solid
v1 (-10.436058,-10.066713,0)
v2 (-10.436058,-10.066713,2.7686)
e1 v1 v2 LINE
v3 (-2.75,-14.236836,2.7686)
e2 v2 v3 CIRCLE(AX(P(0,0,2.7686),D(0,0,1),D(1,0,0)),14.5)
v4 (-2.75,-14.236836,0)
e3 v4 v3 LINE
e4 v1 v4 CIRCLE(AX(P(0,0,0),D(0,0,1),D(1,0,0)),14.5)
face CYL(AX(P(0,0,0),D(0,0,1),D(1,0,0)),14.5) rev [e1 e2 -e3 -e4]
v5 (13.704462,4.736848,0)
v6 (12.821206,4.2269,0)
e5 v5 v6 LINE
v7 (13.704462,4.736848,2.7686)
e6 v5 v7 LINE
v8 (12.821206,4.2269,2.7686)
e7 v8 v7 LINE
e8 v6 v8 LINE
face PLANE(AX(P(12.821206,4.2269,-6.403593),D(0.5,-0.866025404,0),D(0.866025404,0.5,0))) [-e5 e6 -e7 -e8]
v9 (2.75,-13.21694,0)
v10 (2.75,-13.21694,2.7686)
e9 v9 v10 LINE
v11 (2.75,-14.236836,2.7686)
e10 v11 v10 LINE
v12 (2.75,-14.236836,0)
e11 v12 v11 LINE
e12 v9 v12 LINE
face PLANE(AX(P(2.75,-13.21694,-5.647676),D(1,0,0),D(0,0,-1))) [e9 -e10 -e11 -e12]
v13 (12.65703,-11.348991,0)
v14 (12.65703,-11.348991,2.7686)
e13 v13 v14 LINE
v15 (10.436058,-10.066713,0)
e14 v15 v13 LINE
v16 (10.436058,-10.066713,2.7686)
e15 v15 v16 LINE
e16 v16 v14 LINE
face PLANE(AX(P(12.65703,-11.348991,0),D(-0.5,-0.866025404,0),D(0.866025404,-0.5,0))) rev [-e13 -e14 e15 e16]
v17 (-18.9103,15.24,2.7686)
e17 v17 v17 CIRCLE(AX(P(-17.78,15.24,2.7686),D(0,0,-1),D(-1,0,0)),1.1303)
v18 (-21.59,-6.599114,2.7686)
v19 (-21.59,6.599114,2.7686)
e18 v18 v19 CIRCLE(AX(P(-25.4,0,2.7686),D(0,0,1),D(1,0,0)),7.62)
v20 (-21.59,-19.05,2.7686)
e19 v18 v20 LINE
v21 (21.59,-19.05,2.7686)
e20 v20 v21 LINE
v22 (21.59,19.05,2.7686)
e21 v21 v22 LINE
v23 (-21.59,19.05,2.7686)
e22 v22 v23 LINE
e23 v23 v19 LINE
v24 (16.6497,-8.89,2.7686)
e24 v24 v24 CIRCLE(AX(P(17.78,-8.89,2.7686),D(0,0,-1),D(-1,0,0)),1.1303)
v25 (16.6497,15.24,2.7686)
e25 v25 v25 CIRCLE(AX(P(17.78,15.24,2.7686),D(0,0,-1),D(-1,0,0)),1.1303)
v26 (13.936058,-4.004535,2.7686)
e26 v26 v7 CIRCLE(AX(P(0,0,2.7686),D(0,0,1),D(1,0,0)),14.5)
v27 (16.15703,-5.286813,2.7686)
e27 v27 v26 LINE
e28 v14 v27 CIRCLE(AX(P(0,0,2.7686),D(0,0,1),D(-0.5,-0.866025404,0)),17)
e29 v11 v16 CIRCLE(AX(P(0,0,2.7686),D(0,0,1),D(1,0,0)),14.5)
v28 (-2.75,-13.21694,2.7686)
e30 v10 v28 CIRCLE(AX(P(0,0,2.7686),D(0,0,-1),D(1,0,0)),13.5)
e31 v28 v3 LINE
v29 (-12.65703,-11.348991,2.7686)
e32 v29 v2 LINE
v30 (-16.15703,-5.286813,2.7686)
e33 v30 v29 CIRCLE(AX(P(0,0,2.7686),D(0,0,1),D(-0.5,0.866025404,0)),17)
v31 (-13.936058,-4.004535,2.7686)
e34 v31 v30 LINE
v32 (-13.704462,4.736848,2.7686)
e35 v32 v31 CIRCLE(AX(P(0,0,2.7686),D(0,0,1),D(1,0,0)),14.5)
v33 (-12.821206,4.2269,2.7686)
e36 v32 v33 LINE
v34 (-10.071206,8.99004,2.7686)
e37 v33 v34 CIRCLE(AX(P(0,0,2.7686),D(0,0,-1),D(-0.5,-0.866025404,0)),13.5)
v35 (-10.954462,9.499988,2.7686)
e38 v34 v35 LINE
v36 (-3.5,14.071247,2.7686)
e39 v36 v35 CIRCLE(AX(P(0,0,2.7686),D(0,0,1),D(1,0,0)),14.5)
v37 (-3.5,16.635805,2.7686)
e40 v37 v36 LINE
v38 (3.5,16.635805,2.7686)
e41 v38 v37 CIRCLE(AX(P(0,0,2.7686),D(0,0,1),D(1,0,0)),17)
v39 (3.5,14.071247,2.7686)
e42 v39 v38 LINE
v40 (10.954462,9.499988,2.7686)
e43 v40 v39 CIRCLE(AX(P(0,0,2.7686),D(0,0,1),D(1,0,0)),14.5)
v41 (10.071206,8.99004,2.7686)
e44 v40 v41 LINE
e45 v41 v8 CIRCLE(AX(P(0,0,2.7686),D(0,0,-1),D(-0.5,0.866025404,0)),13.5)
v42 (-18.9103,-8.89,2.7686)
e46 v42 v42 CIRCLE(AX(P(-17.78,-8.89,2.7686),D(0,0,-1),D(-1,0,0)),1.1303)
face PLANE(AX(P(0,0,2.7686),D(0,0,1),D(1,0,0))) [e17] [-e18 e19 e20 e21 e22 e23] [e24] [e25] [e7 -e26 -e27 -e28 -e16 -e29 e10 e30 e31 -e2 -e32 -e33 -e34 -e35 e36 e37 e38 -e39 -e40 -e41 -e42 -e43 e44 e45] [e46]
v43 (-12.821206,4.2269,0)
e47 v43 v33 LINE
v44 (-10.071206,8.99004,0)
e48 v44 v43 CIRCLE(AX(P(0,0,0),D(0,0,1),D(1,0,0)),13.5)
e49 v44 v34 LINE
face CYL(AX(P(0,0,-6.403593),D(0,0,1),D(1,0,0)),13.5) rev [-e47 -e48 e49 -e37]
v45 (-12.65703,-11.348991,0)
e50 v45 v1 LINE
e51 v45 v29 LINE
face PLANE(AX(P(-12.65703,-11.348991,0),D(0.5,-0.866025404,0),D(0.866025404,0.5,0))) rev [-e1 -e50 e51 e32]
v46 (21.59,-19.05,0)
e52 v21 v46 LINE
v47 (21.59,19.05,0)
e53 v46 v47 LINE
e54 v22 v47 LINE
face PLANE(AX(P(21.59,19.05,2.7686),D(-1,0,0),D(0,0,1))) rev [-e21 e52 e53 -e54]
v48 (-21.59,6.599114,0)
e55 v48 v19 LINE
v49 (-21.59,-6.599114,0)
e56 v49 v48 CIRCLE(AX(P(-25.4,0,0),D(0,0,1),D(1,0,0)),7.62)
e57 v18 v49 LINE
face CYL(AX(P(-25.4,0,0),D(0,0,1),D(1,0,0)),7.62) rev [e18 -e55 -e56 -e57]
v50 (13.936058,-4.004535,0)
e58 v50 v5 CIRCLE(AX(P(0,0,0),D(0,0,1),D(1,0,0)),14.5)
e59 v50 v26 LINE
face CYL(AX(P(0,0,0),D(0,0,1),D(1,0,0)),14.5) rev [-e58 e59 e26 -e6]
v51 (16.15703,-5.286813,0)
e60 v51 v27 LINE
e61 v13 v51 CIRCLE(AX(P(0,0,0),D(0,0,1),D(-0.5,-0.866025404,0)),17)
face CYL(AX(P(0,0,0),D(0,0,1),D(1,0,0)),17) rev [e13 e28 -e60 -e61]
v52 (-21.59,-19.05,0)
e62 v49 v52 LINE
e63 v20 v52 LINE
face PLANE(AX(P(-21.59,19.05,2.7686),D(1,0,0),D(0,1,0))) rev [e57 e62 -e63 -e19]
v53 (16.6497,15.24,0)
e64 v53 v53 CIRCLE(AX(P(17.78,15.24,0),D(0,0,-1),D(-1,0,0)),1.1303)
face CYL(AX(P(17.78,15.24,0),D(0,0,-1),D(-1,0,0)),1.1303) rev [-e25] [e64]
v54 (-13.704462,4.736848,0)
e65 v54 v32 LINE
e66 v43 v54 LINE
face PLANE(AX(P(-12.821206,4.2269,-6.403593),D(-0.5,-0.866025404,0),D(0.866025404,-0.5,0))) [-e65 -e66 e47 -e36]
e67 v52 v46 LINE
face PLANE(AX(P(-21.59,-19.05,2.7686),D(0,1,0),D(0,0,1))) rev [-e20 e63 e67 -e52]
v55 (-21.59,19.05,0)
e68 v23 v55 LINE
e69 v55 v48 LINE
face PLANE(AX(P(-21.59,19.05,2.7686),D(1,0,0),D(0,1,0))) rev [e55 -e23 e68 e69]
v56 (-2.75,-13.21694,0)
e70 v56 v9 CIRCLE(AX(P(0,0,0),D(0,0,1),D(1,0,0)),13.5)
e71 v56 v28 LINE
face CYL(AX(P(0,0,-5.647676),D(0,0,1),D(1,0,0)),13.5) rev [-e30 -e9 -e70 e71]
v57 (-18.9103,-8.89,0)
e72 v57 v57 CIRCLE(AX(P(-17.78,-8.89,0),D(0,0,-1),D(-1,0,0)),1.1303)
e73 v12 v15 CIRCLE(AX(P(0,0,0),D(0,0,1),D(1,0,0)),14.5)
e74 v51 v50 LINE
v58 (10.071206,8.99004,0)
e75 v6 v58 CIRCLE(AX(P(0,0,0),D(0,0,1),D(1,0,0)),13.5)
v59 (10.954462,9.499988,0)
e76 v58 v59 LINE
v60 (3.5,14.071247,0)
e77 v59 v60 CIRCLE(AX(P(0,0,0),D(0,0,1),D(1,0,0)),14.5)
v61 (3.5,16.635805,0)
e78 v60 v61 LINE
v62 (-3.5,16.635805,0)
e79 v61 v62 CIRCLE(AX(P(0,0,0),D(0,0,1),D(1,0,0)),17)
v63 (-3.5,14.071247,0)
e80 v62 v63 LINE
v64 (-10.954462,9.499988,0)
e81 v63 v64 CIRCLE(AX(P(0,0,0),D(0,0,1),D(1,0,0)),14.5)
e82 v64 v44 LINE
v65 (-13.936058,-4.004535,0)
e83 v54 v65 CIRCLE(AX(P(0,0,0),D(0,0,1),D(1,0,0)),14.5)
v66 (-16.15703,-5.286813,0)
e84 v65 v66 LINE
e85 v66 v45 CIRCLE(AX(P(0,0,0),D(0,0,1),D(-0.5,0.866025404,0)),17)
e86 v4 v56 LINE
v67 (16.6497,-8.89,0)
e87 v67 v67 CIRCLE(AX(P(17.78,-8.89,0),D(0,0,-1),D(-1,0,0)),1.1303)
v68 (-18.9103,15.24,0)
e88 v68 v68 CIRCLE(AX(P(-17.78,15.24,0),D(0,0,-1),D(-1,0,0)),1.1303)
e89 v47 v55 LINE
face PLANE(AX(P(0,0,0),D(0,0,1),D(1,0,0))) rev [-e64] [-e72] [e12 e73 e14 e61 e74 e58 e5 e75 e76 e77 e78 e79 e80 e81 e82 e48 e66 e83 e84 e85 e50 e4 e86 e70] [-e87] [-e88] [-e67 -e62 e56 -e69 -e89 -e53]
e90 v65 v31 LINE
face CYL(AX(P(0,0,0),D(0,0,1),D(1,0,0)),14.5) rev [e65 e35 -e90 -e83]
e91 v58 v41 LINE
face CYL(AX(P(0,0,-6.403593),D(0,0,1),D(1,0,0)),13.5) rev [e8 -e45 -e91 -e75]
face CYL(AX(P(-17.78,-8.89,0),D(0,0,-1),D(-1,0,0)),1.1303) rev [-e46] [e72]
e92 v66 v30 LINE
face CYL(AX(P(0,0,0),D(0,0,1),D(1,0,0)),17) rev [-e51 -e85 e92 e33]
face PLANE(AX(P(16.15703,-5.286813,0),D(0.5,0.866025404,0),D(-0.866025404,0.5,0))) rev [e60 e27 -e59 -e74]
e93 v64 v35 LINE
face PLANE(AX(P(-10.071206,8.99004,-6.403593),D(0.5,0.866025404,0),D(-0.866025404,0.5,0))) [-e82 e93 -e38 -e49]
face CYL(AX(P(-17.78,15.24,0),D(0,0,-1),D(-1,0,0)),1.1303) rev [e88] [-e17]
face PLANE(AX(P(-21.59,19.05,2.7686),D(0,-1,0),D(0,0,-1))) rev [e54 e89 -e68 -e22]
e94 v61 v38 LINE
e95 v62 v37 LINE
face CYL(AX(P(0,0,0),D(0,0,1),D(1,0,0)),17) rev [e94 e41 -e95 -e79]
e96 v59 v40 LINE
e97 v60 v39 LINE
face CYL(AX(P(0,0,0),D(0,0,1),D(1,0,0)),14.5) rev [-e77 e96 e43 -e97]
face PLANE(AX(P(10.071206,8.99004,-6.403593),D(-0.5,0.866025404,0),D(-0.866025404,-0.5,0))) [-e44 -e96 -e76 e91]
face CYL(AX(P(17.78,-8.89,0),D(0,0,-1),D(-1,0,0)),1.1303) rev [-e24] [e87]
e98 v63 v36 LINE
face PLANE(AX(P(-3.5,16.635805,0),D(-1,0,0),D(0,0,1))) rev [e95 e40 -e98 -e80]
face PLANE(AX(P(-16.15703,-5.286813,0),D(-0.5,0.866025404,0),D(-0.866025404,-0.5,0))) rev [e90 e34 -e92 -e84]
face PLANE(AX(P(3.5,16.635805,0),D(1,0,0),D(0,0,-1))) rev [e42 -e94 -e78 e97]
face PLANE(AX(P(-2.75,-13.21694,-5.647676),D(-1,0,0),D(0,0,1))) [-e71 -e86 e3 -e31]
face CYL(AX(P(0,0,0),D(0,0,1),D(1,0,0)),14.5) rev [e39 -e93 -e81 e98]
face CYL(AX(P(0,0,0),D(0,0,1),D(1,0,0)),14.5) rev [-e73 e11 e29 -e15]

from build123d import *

# Parameters (mm, degrees)
SKETCH1_W             = 43.18
SKETCH1_H             = 38.1
BOSS_EXTRUDE1_DEPTH   = 2.7686
SKETCH2_R             = 14.5
CUT_EXTRUDE1_DEPTH    = 29.925693526
CUT_EXTRUDE2_DEPTH    = 29.925693526
CIRPATTERN1_COUNT     = 3
BOSS_EXTRUDE2_DEPTH   = 2.7686
CIRPATTERN2_COUNT     = 3
SKETCH6_R             = 7.62
CUT_EXTRUDE4_DEPTH    = 29.925693526
F_4_40_TAPPED_HOLE1_D = 2.2606


with BuildPart() as part:
    # Sketch1 → Boss-Extrude1 (new body)
    with BuildSketch(Plane.XY):
        Rectangle(SKETCH1_W, SKETCH1_H)
    extrude(amount=BOSS_EXTRUDE1_DEPTH)

    # Sketch2 → Cut-Extrude1 (cut, through all)
    with BuildSketch(Plane.XY.offset(2.7686)):
        Circle(SKETCH2_R)
    extrude(amount=-CUT_EXTRUDE1_DEPTH, mode=Mode.SUBTRACT)

    # Sketch3 → Cut-Extrude2 (cut, through all)
    with BuildSketch(Plane.XY.offset(2.7686)):
        with BuildLine():
            Line((-3.5, 16.63580476), (-3.5, 14.071247279))
            ThreePointArc((-3.5, 14.071247279), (0, 14.5), (3.5, 14.071247279))
            Line((3.5, 14.071247279), (3.5, 16.63580476))
            ThreePointArc((3.5, 16.63580476), (0, 17), (-3.5, 16.63580476))
        make_face()
    cut_extrude2 = extrude(amount=-CUT_EXTRUDE2_DEPTH, mode=Mode.SUBTRACT)

    # CirPattern1: Cut-Extrude2 ×3 about axis
    cirpattern1_axis = Axis((0, 0, 0), (0, 0, 1))
    for i in range(1, CIRPATTERN1_COUNT):
        add(cut_extrude2.rotate(cirpattern1_axis, i * 360 / CIRPATTERN1_COUNT), mode=Mode.SUBTRACT)

    # Sketch4 → Boss-Extrude2 (add)
    with BuildSketch(Plane.XY.offset(2.7686)):
        with BuildLine():
            Line((-2.75, -13.216939888), (-2.75, -14.236836025))
            ThreePointArc((-2.75, -14.236836025), (0, -14.5), (2.75, -14.236836025))
            Line((2.75, -14.236836025), (2.75, -13.216939888))
            ThreePointArc((2.75, -13.216939888), (0, -13.5), (-2.75, -13.216939888))
        make_face()
    boss_extrude2 = extrude(amount=-BOSS_EXTRUDE2_DEPTH)

    # CirPattern2: Boss-Extrude2 ×3 about axis
    cirpattern2_axis = Axis((0, 0, 0), (0, 0, 1))
    for i in range(1, CIRPATTERN2_COUNT):
        add(boss_extrude2.rotate(cirpattern2_axis, i * 360 / CIRPATTERN2_COUNT))

    # Sketch6 → Cut-Extrude4 (cut, through all)
    with BuildSketch(Plane.XY.offset(2.7686)):
        with Locations((-25.4, 0)):
            Circle(SKETCH6_R)
    extrude(amount=-CUT_EXTRUDE4_DEPTH, mode=Mode.SUBTRACT)

    # #4-40 Tapped Hole1 (through all)
    with Locations(Plane(origin=(0, 0, 0), x_dir=(-1, 0, 0), z_dir=(0, 0, -1))):
        with Locations((-17.78, 15.24), (-17.78, -8.89), (17.78, -8.89), (17.78, 15.24)):
            Hole(F_4_40_TAPPED_HOLE1_D / 2)


solid = part.part
